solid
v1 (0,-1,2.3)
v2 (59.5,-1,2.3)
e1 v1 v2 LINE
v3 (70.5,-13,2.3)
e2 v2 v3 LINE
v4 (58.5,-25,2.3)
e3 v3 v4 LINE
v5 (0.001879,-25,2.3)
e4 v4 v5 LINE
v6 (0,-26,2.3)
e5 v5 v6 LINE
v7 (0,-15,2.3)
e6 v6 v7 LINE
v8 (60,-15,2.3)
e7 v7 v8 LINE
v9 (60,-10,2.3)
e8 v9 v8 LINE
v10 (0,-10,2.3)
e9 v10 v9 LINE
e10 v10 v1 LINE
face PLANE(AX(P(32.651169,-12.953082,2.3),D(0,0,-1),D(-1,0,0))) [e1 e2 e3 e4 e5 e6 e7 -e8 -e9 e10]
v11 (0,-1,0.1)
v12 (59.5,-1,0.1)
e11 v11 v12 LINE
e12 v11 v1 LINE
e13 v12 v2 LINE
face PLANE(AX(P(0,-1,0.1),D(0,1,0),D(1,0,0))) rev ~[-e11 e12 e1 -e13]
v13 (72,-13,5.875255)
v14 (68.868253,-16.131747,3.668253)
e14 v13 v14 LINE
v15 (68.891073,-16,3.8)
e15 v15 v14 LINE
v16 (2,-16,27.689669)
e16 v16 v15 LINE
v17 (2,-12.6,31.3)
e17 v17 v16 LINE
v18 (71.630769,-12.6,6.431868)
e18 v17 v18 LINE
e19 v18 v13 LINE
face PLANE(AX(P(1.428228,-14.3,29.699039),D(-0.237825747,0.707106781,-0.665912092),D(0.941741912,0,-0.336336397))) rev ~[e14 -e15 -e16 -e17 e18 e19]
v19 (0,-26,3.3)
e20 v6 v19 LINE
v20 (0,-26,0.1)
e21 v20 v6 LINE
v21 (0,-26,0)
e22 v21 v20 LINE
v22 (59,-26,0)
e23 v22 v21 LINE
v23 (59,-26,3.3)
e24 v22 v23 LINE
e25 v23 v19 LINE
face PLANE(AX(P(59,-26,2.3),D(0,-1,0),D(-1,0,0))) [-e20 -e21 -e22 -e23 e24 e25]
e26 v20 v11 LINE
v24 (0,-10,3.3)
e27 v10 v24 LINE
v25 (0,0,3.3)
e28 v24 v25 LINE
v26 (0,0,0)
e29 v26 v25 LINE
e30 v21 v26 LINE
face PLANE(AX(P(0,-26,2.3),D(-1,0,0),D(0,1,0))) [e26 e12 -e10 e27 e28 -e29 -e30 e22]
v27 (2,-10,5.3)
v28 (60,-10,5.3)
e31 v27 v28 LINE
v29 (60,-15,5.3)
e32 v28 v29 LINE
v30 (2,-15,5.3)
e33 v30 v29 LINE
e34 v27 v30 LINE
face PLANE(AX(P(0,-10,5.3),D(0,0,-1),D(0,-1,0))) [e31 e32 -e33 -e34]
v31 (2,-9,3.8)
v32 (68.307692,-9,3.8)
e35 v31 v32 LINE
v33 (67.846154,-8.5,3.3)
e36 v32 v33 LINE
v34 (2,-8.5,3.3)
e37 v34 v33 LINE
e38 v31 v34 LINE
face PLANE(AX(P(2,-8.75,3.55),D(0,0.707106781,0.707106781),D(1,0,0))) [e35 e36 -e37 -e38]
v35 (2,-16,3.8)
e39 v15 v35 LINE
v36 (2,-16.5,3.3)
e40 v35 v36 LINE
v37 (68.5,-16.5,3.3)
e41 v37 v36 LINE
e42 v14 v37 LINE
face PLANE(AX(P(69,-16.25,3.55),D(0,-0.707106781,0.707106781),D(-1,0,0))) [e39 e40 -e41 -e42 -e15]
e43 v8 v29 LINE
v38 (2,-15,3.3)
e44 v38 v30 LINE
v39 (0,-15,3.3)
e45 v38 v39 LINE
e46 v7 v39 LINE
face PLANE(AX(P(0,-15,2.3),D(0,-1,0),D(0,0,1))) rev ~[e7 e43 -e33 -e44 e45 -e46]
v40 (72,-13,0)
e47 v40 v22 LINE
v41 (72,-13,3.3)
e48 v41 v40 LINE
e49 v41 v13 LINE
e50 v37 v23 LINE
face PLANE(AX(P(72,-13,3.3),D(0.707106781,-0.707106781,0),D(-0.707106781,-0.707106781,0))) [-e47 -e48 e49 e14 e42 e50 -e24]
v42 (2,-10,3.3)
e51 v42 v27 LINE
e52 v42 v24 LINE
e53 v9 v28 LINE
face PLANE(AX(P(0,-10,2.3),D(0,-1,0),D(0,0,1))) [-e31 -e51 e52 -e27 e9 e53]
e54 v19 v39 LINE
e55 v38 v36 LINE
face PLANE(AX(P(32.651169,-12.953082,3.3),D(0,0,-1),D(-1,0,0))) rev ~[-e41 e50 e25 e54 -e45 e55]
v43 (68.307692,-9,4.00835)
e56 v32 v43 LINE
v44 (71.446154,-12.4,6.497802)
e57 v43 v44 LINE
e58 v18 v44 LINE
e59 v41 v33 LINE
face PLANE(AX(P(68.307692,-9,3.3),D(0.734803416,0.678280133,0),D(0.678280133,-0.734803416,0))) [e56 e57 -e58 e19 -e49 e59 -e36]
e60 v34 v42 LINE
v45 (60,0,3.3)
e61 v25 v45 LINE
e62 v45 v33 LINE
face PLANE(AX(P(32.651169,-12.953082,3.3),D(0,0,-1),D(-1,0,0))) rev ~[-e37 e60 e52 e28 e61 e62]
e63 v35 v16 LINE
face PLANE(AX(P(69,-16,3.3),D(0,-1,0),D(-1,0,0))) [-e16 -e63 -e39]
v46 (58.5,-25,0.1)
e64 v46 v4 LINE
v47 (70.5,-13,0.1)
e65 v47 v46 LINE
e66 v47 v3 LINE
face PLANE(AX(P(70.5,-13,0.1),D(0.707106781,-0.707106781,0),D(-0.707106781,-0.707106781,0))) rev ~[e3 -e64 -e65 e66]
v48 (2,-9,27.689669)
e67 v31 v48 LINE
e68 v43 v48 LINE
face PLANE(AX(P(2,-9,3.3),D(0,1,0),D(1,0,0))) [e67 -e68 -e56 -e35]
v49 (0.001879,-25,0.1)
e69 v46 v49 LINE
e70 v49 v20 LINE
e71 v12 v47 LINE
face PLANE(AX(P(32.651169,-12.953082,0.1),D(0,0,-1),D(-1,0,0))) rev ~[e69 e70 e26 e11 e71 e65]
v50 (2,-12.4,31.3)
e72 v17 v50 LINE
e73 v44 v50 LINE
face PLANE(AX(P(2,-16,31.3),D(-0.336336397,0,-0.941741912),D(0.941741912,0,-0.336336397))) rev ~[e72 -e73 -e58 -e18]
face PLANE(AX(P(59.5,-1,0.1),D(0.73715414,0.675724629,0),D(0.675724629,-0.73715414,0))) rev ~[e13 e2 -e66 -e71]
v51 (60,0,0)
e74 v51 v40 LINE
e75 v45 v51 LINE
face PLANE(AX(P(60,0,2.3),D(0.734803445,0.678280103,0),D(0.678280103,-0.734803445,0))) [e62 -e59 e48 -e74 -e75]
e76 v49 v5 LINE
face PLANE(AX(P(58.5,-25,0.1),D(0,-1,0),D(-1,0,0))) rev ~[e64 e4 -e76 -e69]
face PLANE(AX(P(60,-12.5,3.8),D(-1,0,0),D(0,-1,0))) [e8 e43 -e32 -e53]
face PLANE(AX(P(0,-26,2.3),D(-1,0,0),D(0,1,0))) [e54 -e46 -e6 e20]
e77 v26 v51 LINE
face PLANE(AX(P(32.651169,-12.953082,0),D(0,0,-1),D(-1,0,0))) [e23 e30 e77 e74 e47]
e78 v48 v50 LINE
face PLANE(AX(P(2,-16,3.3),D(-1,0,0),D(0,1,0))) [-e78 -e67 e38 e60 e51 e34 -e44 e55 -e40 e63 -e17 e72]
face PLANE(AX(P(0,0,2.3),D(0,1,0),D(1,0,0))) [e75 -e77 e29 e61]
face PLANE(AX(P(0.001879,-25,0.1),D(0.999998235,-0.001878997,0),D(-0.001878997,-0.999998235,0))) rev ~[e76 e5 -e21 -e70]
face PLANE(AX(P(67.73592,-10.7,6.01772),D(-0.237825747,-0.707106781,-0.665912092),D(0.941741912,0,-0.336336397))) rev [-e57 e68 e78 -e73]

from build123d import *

# Parameters (mm, degrees)
PAD_DEPTH       = 0.1
PAD001_DEPTH    = 2.2
PAD002_DEPTH    = 1
PAD003_DEPTH    = 28
POCKET_DEPTH    = 8
SKETCH005_W     = 5
SKETCH005_H     = 3
POCKET001_DEPTH = 60
CHAMFER_SIZE    = 3.4
CHAMFER001_SIZE = 0.5


with BuildPart() as part:
    # Sketch → Pad (new body)
    with BuildSketch(Plane.XY):
        Polygon((0, 0), (60, 0), (72, -13), (59, -26), (0, -26), align=None)
    extrude(amount=PAD_DEPTH)

    # Sketch001 (on Face7 of Pad) → Pad001 (join)
    with BuildSketch(Plane.XY.offset(0.1)):
        Polygon((0, -1), (59.5, -1), (70.5, -13), (58.5, -25), (0.001879, -25), (0, -26), (59, -26), (72, -13), (60, 0), (0, 0), align=None)
    extrude(amount=PAD001_DEPTH)

    # Sketch002 (on Face3 of Pad001) → Pad002 (join)
    with BuildSketch(Plane.XY.offset(2.3)):
        Polygon((0, 0), (60, 0), (72, -13), (59, -26), (0, -26), align=None)
    extrude(amount=PAD002_DEPTH)

    # Sketch003 (on Face9 of Pad002) → Pad003 (join)
    with BuildSketch(Plane.XY.offset(3.3)):
        Polygon((2, -9), (68.307692, -9), (72, -13), (69, -16), (2, -16), align=None)
    extrude(amount=PAD003_DEPTH)

    # Sketch004 (on Face13 of Pad003) → Pocket (cut)
    with BuildSketch(Plane.XZ.offset(16)):
        Polygon((2, 31.3), (72, 6.3), (72, 31.3), align=None)
    extrude(amount=-POCKET_DEPTH, mode=Mode.SUBTRACT)

    # Sketch005 (on Face7 of Pocket) → Pocket001 (cut)
    with BuildSketch(Plane(origin=(0, 0, 0), x_dir=(0, -1, 0), z_dir=(-1, 0, 0))):
        with Locations((12.5, 3.8)):
            Rectangle(SKETCH005_W, SKETCH005_H)
    extrude(amount=-POCKET001_DEPTH, mode=Mode.SUBTRACT)

    # Chamfer
    chamfer_edges = [part.edges().sort_by_distance(p)[0] for p in [
        (35.153846, -9, 19.459341),
        (35.5, -16, 19.335714),
    ]]
    chamfer(chamfer_edges, length=CHAMFER_SIZE)

    # Chamfer001
    chamfer001_edges = [part.edges().sort_by_distance(p)[0] for p in [
        (35.5, -16, 3.3),
        (35.153846, -9, 3.3),
    ]]
    chamfer(chamfer001_edges, length=CHAMFER001_SIZE)


solid = part.part
